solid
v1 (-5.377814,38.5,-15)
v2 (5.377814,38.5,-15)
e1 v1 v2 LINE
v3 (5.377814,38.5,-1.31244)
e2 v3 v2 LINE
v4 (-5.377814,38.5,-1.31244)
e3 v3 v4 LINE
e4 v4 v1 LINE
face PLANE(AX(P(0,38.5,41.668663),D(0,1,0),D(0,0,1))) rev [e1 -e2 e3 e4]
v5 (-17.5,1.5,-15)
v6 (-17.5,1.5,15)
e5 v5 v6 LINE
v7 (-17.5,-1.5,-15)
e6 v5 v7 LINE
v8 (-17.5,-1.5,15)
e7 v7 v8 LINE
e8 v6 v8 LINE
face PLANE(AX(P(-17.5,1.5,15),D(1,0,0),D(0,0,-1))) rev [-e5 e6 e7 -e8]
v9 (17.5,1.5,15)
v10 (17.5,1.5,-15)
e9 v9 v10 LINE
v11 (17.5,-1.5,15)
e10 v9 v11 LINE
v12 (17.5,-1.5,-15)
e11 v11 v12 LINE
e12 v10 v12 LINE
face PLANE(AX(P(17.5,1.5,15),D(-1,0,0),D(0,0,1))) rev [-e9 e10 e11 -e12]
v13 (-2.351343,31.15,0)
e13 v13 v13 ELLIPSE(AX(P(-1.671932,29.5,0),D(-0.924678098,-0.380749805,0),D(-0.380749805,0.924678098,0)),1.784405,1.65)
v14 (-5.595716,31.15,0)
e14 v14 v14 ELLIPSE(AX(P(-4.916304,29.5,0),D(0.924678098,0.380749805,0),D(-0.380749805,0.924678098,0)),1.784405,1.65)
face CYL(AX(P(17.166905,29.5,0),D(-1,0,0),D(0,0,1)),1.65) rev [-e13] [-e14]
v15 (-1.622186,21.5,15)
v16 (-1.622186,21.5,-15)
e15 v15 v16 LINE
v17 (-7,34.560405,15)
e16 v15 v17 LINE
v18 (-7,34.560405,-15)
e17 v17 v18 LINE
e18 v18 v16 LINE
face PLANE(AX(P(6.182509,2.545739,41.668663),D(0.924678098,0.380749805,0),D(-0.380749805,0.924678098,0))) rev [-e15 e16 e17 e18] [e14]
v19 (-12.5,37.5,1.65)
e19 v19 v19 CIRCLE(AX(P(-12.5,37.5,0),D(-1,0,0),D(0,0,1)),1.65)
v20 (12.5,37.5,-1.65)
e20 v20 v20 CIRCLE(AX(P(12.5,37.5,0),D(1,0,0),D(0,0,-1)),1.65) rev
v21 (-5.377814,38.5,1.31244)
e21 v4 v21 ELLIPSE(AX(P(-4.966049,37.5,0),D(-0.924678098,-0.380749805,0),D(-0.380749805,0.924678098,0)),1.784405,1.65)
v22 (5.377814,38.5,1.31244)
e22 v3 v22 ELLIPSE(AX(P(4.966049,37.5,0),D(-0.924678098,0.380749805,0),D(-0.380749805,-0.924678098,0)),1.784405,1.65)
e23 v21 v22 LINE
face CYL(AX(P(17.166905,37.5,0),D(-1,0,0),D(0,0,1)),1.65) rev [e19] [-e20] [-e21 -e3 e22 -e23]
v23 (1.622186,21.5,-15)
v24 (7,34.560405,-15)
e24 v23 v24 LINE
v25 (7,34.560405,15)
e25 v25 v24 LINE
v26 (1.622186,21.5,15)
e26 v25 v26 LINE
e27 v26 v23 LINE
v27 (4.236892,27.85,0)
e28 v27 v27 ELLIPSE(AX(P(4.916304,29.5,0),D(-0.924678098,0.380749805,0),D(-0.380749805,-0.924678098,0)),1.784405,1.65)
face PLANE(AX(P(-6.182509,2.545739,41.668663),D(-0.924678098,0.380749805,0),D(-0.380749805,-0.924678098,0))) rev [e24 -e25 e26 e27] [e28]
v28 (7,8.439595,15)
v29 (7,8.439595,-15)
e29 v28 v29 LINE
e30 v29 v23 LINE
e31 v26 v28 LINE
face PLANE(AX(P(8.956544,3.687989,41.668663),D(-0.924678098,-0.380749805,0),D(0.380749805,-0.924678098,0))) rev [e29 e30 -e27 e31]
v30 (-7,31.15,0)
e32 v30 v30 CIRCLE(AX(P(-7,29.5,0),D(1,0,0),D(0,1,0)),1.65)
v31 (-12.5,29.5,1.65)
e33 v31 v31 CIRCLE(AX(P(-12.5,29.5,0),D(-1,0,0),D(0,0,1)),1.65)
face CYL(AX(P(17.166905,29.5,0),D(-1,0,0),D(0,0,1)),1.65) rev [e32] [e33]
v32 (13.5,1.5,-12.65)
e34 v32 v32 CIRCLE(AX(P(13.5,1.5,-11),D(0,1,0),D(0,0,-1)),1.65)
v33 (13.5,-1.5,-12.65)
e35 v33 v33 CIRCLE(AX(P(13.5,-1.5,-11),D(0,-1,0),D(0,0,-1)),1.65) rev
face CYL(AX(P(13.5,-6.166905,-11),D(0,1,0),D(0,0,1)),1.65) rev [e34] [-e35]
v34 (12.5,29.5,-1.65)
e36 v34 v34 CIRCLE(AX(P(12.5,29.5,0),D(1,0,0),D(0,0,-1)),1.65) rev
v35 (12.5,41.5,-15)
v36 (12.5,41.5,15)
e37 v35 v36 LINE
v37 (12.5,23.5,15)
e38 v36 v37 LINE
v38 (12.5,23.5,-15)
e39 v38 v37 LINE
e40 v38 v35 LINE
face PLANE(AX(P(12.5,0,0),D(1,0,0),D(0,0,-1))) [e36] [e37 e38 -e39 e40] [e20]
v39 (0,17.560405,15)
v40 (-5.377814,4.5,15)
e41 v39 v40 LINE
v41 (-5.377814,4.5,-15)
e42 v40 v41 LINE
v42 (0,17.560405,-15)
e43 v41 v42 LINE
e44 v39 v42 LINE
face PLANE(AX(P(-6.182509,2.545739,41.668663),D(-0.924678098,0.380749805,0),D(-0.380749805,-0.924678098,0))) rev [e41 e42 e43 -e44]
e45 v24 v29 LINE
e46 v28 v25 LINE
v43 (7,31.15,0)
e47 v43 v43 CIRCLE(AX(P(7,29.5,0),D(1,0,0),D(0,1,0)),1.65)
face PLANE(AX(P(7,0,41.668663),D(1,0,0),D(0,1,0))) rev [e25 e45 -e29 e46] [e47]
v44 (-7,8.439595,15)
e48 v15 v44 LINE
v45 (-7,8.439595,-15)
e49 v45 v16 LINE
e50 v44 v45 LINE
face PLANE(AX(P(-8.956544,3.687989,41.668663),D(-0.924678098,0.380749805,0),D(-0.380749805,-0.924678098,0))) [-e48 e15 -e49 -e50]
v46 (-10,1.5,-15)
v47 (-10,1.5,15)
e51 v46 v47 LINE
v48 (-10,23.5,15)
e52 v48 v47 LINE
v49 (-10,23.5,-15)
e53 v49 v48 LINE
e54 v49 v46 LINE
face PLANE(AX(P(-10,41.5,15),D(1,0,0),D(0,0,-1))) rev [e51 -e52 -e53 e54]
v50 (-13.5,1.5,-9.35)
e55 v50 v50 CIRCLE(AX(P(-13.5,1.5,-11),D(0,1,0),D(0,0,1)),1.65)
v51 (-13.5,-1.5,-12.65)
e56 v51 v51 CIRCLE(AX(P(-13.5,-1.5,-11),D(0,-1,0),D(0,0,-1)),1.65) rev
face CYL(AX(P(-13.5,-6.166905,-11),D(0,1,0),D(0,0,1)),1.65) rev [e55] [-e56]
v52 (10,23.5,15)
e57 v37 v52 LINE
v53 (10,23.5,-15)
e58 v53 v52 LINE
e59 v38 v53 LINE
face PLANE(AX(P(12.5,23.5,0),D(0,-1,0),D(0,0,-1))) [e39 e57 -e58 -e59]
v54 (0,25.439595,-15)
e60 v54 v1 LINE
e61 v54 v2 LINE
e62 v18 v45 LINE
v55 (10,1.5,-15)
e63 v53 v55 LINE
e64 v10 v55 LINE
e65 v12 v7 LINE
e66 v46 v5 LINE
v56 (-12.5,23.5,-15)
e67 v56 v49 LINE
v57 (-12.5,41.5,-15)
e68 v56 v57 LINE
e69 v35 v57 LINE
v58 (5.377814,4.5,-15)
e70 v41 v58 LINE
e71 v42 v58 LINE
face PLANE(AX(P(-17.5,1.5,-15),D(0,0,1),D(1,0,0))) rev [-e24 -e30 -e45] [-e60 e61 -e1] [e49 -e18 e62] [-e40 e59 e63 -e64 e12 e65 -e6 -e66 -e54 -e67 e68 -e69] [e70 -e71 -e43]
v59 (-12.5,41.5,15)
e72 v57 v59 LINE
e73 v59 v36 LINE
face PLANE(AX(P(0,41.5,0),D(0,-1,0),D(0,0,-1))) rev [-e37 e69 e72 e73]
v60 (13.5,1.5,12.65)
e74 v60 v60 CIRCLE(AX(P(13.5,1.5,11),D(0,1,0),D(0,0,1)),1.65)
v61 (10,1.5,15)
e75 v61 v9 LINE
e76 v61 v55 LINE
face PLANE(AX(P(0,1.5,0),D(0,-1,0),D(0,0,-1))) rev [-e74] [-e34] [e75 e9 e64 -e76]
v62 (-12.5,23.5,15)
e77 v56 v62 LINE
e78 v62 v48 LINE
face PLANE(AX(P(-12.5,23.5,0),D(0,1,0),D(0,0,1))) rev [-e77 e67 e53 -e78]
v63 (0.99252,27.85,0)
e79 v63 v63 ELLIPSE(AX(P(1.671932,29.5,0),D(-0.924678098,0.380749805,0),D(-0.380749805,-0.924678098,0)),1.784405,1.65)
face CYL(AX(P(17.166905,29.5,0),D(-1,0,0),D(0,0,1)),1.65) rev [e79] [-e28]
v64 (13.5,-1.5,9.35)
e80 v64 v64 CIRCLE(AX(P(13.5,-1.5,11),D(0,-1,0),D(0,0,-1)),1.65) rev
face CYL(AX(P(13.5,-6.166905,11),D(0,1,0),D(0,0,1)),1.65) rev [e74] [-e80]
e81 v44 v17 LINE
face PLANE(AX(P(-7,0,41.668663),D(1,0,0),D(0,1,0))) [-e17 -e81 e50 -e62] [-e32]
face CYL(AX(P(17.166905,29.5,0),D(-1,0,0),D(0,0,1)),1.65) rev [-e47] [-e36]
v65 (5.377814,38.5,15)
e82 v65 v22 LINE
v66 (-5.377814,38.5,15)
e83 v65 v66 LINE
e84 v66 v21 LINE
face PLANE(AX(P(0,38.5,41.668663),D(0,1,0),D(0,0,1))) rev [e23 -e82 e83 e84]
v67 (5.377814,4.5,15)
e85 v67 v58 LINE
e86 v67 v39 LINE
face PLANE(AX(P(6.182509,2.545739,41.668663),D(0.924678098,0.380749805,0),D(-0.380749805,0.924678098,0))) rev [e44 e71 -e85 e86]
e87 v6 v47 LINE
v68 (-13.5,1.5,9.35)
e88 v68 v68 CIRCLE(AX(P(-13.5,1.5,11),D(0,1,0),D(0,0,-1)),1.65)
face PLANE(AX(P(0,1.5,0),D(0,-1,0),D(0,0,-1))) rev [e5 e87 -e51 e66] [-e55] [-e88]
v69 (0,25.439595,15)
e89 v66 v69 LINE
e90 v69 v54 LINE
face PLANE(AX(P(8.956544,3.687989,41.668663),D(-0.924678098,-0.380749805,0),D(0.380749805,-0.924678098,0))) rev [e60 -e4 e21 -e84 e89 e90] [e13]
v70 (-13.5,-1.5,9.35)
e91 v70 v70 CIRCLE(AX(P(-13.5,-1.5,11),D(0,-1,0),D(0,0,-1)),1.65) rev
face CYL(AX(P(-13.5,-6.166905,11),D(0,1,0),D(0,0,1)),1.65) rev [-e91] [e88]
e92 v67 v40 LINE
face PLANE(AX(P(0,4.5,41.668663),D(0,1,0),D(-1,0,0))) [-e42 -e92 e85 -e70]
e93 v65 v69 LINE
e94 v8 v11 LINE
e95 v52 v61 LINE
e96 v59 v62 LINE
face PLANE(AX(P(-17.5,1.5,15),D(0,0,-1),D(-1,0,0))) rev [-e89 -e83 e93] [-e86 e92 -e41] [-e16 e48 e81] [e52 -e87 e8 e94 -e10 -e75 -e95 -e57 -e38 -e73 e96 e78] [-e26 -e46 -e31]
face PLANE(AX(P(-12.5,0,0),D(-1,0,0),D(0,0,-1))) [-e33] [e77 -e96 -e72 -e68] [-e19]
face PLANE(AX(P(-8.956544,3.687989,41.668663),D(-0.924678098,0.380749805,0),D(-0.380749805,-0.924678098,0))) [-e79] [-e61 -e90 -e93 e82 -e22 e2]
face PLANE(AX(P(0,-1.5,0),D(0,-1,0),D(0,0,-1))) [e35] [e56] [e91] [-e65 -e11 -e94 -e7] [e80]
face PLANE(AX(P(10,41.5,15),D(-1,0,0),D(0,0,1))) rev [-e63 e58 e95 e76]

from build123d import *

# Parameters (mm, degrees)
SKETCH1_W           = 35
SKETCH1_H           = 30
BOSS_EXTRUDE1_DEPTH = 1.5
SKETCH2_R           = 1.65
CUT_EXTRUDE1_DEPTH  = 3
SKETCH3_W           = 20
SKETCH3_H           = 30
BOSS_EXTRUDE2_DEPTH = 40
SKETCH4_W           = 30
SKETCH4_H           = 18
BOSS_EXTRUDE3_DEPTH = 2.5
CUT_EXTRUDE2_DEPTH  = 30
SKETCH7_R           = 1.65
CUT_EXTRUDE3_DEPTH  = 25


with BuildPart() as part:
    # Sketch1 → Boss-Extrude1 (new body, symmetric)
    with BuildSketch(Plane(origin=(0, 0, 0), x_dir=(1, 0, 0), z_dir=(0, 1, 0))):
        Rectangle(SKETCH1_W, SKETCH1_H)
    extrude(amount=BOSS_EXTRUDE1_DEPTH, both=True)

    # Sketch2 → Cut-Extrude1 (cut)
    with BuildSketch(Plane(origin=(0, 1.5, 0), x_dir=(1, 0, 0), z_dir=(0, 1, 0))):
        with Locations((-13.5, 11)):
            Circle(SKETCH2_R)
        with Locations((13.5, 11)):
            Circle(SKETCH2_R)
        with Locations((13.5, -11)):
            Circle(SKETCH2_R)
        with Locations((-13.5, -11)):
            Circle(SKETCH2_R)
    extrude(amount=-CUT_EXTRUDE1_DEPTH, mode=Mode.SUBTRACT)

    # Sketch3 → Boss-Extrude2 (add)
    with BuildSketch(Plane(origin=(0, 1.5, 0), x_dir=(1, 0, 0), z_dir=(0, 1, 0))):
        Rectangle(SKETCH3_W, SKETCH3_H)
    extrude(amount=BOSS_EXTRUDE2_DEPTH)

    # Sketch4 → Boss-Extrude3 (add)
    with BuildSketch(Plane(origin=(10, 0, 0), x_dir=(0, 0, -1), z_dir=(1, 0, 0))):
        with Locations((0, 32.5)):
            Rectangle(SKETCH4_W, SKETCH4_H)
    boss_extrude3 = extrude(amount=BOSS_EXTRUDE3_DEPTH)

    # Mirror1: Boss-Extrude3 across plane
    add(boss_extrude3.mirror(Plane(origin=(0, 0, 0), x_dir=(0, 0, 1), z_dir=(1, 0, 0))))

    # Sketch5 → Cut-Extrude2 (cut)
    with BuildSketch(Plane(origin=(0, 0, -15), x_dir=(-1, 0, 0), z_dir=(0, 0, -1))):
        Polygon((0, 25.439594924), (5.377813855, 38.5), (-5.377813855, 38.5), align=None)
        Polygon((7, 8.439594924), (7, 34.560405076), (1.622186145, 21.5), align=None)
        Polygon((-7, 8.439594924), (-1.622186145, 21.5), (-7, 34.560405076), align=None)
        Polygon((5.377813855, 4.5), (0, 17.560405076), (-5.377813855, 4.5), align=None)
    extrude(amount=-CUT_EXTRUDE2_DEPTH, mode=Mode.SUBTRACT)

    # Sketch7 → Cut-Extrude3 (cut)
    with BuildSketch(Plane.ZY.offset(12.5)):
        with Locations((0, 37.5)):
            Circle(SKETCH7_R)
        with Locations((0, 29.5)):
            Circle(SKETCH7_R)
    extrude(amount=-CUT_EXTRUDE3_DEPTH, mode=Mode.SUBTRACT)


solid = part.part
